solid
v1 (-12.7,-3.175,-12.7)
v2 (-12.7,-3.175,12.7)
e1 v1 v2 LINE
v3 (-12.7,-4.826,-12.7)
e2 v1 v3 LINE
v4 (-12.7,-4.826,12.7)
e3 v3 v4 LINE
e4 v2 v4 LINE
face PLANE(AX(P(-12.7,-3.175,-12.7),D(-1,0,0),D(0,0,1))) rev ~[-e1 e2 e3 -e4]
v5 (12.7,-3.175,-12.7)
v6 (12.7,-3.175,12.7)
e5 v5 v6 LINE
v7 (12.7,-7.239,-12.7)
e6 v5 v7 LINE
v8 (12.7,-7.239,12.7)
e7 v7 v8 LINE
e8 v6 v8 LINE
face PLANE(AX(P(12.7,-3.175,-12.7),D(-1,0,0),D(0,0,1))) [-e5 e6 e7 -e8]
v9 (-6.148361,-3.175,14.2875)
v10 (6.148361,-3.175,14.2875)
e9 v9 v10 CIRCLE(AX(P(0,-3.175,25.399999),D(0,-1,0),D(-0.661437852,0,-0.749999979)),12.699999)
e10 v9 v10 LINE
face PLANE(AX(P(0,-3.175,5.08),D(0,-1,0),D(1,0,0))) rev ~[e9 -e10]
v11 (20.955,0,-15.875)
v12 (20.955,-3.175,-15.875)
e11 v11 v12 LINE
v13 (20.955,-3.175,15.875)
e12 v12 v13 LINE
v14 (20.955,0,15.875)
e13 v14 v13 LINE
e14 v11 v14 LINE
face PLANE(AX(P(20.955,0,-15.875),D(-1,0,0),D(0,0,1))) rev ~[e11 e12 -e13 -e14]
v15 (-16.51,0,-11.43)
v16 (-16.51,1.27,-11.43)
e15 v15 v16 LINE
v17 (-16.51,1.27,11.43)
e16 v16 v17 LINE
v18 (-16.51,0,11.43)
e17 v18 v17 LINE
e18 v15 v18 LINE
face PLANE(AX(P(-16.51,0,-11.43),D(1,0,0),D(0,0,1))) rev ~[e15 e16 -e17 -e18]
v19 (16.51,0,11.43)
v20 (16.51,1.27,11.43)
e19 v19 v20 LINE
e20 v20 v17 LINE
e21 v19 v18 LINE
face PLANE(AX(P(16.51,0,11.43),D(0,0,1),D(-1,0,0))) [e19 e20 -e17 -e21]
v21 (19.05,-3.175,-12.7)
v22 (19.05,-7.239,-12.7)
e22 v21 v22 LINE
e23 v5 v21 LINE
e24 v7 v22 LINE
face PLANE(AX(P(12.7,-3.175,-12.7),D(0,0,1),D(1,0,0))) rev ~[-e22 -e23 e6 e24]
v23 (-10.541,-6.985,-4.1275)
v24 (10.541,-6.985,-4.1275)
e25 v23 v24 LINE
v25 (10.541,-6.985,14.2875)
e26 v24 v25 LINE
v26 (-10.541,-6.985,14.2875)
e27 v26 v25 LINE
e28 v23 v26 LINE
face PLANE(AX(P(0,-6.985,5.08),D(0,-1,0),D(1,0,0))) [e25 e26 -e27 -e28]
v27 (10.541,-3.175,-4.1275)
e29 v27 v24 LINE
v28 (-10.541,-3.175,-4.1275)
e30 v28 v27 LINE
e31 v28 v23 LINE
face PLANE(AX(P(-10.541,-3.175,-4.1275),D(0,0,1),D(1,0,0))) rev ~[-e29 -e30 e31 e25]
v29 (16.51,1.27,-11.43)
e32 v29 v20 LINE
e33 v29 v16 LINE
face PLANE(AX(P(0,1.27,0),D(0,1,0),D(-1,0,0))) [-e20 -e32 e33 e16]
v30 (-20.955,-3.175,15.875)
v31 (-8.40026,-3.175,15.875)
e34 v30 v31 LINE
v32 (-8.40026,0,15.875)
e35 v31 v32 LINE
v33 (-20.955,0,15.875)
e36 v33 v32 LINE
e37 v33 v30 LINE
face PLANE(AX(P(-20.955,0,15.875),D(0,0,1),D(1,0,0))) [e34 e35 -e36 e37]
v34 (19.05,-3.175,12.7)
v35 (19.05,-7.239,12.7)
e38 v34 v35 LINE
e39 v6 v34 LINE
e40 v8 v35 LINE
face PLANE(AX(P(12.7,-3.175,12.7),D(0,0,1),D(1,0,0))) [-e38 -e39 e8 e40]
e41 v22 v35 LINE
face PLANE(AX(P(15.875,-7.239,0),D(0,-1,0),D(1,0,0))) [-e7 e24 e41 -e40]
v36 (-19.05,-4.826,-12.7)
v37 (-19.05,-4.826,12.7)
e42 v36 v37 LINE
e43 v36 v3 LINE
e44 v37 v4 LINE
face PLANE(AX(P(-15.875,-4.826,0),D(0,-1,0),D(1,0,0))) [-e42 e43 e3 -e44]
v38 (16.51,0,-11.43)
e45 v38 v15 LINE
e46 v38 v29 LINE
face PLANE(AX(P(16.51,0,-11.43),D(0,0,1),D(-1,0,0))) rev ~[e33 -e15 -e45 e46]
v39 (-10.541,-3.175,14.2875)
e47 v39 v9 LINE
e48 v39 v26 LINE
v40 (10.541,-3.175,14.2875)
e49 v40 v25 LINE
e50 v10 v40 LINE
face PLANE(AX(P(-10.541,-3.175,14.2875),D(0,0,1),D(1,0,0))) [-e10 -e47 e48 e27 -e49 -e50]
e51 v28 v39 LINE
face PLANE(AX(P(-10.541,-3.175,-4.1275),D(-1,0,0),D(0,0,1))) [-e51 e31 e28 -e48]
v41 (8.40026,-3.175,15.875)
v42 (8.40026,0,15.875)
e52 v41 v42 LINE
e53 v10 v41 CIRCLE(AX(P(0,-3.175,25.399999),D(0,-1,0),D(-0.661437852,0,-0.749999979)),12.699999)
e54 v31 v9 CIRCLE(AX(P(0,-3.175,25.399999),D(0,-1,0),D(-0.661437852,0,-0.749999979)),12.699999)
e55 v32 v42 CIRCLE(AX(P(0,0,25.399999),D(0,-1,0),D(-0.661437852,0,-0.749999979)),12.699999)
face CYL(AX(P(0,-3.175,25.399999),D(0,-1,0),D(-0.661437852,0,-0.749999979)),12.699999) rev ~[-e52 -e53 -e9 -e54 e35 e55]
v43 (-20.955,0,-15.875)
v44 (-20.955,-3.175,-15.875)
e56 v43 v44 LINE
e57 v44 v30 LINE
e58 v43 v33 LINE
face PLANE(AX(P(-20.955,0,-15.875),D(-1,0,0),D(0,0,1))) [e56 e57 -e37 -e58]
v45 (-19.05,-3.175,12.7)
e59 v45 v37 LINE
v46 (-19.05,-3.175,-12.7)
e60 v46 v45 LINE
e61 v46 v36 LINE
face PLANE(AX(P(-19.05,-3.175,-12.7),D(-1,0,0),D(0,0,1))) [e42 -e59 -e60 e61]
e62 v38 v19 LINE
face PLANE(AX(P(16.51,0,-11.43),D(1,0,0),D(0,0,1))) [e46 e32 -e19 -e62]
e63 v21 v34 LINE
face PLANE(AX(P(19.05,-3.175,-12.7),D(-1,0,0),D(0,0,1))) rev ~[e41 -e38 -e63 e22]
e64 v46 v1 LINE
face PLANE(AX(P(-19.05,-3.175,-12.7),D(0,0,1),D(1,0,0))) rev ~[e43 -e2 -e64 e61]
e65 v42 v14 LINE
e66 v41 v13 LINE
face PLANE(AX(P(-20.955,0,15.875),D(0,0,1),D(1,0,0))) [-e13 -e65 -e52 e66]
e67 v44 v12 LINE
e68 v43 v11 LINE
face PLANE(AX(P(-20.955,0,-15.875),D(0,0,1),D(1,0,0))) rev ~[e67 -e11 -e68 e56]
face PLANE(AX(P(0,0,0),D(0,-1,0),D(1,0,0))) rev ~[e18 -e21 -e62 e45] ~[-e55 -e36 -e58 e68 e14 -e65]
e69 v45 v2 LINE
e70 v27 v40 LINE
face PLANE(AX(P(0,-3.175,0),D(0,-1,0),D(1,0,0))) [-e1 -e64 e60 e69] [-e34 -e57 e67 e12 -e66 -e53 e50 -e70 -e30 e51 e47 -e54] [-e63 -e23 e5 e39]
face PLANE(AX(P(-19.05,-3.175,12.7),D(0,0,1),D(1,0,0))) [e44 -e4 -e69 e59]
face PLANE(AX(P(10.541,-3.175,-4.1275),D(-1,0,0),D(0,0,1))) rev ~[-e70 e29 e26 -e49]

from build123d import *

# Parameters (mm, degrees)
F0_W      = 41.91
F0_H      = 31.75
F1_DEPTH  = 3.175
F4_DEPTH  = 3.176
F5_W      = 21.082
F5_H      = 18.415
F6_DEPTH  = 3.81
F7_W      = 6.35
F7_H      = 25.4
F8_DEPTH  = 4.064
F9_W      = 6.35
F9_H      = 25.4
F10_DEPTH = 1.651
F11_W     = 33.02
F11_H     = 22.86
F12_DEPTH = 1.27


with BuildPart() as f1:
    # F0 (on Front) → F1 (new body)
    with BuildSketch(Plane.XZ):
        Rectangle(F0_W, F0_H)
    extrude(amount=F1_DEPTH)

    # F3 (on face) → F4 (cut, through all)
    with BuildSketch(Plane.XZ.offset(3.175)):
        with BuildLine():
            ThreePointArc((-8.40026, 15.875), (0, 12.7), (8.40026, 15.875))
            Line((8.40026, 15.875), (-8.40026, 15.875))
        make_face()
    extrude(amount=-F4_DEPTH, mode=Mode.SUBTRACT)

    # F5 (on face) → F6 (join)
    with BuildSketch(Plane.XZ.offset(3.175)):
        with Locations((0, 5.08)):
            Rectangle(F5_W, F5_H)
    extrude(amount=F6_DEPTH)

    # F7 (on face) → F8 (join)
    with BuildSketch(Plane.XZ.offset(3.175)):
        with Locations((15.875, 0)):
            Rectangle(F7_W, F7_H)
    extrude(amount=F8_DEPTH)

    # F9 (on face) → F10 (join)
    with BuildSketch(Plane.XZ.offset(3.175)):
        with Locations((-15.875, 0)):
            Rectangle(F9_W, F9_H)
    extrude(amount=F10_DEPTH)

    # F11 (on face) → F12 (join)
    with BuildSketch(Plane(origin=(0, 0, 0), x_dir=(-1, 0, 0), z_dir=(0, 1, 0))):
        Rectangle(F11_W, F11_H)
    extrude(amount=F12_DEPTH)


solid = f1.part
